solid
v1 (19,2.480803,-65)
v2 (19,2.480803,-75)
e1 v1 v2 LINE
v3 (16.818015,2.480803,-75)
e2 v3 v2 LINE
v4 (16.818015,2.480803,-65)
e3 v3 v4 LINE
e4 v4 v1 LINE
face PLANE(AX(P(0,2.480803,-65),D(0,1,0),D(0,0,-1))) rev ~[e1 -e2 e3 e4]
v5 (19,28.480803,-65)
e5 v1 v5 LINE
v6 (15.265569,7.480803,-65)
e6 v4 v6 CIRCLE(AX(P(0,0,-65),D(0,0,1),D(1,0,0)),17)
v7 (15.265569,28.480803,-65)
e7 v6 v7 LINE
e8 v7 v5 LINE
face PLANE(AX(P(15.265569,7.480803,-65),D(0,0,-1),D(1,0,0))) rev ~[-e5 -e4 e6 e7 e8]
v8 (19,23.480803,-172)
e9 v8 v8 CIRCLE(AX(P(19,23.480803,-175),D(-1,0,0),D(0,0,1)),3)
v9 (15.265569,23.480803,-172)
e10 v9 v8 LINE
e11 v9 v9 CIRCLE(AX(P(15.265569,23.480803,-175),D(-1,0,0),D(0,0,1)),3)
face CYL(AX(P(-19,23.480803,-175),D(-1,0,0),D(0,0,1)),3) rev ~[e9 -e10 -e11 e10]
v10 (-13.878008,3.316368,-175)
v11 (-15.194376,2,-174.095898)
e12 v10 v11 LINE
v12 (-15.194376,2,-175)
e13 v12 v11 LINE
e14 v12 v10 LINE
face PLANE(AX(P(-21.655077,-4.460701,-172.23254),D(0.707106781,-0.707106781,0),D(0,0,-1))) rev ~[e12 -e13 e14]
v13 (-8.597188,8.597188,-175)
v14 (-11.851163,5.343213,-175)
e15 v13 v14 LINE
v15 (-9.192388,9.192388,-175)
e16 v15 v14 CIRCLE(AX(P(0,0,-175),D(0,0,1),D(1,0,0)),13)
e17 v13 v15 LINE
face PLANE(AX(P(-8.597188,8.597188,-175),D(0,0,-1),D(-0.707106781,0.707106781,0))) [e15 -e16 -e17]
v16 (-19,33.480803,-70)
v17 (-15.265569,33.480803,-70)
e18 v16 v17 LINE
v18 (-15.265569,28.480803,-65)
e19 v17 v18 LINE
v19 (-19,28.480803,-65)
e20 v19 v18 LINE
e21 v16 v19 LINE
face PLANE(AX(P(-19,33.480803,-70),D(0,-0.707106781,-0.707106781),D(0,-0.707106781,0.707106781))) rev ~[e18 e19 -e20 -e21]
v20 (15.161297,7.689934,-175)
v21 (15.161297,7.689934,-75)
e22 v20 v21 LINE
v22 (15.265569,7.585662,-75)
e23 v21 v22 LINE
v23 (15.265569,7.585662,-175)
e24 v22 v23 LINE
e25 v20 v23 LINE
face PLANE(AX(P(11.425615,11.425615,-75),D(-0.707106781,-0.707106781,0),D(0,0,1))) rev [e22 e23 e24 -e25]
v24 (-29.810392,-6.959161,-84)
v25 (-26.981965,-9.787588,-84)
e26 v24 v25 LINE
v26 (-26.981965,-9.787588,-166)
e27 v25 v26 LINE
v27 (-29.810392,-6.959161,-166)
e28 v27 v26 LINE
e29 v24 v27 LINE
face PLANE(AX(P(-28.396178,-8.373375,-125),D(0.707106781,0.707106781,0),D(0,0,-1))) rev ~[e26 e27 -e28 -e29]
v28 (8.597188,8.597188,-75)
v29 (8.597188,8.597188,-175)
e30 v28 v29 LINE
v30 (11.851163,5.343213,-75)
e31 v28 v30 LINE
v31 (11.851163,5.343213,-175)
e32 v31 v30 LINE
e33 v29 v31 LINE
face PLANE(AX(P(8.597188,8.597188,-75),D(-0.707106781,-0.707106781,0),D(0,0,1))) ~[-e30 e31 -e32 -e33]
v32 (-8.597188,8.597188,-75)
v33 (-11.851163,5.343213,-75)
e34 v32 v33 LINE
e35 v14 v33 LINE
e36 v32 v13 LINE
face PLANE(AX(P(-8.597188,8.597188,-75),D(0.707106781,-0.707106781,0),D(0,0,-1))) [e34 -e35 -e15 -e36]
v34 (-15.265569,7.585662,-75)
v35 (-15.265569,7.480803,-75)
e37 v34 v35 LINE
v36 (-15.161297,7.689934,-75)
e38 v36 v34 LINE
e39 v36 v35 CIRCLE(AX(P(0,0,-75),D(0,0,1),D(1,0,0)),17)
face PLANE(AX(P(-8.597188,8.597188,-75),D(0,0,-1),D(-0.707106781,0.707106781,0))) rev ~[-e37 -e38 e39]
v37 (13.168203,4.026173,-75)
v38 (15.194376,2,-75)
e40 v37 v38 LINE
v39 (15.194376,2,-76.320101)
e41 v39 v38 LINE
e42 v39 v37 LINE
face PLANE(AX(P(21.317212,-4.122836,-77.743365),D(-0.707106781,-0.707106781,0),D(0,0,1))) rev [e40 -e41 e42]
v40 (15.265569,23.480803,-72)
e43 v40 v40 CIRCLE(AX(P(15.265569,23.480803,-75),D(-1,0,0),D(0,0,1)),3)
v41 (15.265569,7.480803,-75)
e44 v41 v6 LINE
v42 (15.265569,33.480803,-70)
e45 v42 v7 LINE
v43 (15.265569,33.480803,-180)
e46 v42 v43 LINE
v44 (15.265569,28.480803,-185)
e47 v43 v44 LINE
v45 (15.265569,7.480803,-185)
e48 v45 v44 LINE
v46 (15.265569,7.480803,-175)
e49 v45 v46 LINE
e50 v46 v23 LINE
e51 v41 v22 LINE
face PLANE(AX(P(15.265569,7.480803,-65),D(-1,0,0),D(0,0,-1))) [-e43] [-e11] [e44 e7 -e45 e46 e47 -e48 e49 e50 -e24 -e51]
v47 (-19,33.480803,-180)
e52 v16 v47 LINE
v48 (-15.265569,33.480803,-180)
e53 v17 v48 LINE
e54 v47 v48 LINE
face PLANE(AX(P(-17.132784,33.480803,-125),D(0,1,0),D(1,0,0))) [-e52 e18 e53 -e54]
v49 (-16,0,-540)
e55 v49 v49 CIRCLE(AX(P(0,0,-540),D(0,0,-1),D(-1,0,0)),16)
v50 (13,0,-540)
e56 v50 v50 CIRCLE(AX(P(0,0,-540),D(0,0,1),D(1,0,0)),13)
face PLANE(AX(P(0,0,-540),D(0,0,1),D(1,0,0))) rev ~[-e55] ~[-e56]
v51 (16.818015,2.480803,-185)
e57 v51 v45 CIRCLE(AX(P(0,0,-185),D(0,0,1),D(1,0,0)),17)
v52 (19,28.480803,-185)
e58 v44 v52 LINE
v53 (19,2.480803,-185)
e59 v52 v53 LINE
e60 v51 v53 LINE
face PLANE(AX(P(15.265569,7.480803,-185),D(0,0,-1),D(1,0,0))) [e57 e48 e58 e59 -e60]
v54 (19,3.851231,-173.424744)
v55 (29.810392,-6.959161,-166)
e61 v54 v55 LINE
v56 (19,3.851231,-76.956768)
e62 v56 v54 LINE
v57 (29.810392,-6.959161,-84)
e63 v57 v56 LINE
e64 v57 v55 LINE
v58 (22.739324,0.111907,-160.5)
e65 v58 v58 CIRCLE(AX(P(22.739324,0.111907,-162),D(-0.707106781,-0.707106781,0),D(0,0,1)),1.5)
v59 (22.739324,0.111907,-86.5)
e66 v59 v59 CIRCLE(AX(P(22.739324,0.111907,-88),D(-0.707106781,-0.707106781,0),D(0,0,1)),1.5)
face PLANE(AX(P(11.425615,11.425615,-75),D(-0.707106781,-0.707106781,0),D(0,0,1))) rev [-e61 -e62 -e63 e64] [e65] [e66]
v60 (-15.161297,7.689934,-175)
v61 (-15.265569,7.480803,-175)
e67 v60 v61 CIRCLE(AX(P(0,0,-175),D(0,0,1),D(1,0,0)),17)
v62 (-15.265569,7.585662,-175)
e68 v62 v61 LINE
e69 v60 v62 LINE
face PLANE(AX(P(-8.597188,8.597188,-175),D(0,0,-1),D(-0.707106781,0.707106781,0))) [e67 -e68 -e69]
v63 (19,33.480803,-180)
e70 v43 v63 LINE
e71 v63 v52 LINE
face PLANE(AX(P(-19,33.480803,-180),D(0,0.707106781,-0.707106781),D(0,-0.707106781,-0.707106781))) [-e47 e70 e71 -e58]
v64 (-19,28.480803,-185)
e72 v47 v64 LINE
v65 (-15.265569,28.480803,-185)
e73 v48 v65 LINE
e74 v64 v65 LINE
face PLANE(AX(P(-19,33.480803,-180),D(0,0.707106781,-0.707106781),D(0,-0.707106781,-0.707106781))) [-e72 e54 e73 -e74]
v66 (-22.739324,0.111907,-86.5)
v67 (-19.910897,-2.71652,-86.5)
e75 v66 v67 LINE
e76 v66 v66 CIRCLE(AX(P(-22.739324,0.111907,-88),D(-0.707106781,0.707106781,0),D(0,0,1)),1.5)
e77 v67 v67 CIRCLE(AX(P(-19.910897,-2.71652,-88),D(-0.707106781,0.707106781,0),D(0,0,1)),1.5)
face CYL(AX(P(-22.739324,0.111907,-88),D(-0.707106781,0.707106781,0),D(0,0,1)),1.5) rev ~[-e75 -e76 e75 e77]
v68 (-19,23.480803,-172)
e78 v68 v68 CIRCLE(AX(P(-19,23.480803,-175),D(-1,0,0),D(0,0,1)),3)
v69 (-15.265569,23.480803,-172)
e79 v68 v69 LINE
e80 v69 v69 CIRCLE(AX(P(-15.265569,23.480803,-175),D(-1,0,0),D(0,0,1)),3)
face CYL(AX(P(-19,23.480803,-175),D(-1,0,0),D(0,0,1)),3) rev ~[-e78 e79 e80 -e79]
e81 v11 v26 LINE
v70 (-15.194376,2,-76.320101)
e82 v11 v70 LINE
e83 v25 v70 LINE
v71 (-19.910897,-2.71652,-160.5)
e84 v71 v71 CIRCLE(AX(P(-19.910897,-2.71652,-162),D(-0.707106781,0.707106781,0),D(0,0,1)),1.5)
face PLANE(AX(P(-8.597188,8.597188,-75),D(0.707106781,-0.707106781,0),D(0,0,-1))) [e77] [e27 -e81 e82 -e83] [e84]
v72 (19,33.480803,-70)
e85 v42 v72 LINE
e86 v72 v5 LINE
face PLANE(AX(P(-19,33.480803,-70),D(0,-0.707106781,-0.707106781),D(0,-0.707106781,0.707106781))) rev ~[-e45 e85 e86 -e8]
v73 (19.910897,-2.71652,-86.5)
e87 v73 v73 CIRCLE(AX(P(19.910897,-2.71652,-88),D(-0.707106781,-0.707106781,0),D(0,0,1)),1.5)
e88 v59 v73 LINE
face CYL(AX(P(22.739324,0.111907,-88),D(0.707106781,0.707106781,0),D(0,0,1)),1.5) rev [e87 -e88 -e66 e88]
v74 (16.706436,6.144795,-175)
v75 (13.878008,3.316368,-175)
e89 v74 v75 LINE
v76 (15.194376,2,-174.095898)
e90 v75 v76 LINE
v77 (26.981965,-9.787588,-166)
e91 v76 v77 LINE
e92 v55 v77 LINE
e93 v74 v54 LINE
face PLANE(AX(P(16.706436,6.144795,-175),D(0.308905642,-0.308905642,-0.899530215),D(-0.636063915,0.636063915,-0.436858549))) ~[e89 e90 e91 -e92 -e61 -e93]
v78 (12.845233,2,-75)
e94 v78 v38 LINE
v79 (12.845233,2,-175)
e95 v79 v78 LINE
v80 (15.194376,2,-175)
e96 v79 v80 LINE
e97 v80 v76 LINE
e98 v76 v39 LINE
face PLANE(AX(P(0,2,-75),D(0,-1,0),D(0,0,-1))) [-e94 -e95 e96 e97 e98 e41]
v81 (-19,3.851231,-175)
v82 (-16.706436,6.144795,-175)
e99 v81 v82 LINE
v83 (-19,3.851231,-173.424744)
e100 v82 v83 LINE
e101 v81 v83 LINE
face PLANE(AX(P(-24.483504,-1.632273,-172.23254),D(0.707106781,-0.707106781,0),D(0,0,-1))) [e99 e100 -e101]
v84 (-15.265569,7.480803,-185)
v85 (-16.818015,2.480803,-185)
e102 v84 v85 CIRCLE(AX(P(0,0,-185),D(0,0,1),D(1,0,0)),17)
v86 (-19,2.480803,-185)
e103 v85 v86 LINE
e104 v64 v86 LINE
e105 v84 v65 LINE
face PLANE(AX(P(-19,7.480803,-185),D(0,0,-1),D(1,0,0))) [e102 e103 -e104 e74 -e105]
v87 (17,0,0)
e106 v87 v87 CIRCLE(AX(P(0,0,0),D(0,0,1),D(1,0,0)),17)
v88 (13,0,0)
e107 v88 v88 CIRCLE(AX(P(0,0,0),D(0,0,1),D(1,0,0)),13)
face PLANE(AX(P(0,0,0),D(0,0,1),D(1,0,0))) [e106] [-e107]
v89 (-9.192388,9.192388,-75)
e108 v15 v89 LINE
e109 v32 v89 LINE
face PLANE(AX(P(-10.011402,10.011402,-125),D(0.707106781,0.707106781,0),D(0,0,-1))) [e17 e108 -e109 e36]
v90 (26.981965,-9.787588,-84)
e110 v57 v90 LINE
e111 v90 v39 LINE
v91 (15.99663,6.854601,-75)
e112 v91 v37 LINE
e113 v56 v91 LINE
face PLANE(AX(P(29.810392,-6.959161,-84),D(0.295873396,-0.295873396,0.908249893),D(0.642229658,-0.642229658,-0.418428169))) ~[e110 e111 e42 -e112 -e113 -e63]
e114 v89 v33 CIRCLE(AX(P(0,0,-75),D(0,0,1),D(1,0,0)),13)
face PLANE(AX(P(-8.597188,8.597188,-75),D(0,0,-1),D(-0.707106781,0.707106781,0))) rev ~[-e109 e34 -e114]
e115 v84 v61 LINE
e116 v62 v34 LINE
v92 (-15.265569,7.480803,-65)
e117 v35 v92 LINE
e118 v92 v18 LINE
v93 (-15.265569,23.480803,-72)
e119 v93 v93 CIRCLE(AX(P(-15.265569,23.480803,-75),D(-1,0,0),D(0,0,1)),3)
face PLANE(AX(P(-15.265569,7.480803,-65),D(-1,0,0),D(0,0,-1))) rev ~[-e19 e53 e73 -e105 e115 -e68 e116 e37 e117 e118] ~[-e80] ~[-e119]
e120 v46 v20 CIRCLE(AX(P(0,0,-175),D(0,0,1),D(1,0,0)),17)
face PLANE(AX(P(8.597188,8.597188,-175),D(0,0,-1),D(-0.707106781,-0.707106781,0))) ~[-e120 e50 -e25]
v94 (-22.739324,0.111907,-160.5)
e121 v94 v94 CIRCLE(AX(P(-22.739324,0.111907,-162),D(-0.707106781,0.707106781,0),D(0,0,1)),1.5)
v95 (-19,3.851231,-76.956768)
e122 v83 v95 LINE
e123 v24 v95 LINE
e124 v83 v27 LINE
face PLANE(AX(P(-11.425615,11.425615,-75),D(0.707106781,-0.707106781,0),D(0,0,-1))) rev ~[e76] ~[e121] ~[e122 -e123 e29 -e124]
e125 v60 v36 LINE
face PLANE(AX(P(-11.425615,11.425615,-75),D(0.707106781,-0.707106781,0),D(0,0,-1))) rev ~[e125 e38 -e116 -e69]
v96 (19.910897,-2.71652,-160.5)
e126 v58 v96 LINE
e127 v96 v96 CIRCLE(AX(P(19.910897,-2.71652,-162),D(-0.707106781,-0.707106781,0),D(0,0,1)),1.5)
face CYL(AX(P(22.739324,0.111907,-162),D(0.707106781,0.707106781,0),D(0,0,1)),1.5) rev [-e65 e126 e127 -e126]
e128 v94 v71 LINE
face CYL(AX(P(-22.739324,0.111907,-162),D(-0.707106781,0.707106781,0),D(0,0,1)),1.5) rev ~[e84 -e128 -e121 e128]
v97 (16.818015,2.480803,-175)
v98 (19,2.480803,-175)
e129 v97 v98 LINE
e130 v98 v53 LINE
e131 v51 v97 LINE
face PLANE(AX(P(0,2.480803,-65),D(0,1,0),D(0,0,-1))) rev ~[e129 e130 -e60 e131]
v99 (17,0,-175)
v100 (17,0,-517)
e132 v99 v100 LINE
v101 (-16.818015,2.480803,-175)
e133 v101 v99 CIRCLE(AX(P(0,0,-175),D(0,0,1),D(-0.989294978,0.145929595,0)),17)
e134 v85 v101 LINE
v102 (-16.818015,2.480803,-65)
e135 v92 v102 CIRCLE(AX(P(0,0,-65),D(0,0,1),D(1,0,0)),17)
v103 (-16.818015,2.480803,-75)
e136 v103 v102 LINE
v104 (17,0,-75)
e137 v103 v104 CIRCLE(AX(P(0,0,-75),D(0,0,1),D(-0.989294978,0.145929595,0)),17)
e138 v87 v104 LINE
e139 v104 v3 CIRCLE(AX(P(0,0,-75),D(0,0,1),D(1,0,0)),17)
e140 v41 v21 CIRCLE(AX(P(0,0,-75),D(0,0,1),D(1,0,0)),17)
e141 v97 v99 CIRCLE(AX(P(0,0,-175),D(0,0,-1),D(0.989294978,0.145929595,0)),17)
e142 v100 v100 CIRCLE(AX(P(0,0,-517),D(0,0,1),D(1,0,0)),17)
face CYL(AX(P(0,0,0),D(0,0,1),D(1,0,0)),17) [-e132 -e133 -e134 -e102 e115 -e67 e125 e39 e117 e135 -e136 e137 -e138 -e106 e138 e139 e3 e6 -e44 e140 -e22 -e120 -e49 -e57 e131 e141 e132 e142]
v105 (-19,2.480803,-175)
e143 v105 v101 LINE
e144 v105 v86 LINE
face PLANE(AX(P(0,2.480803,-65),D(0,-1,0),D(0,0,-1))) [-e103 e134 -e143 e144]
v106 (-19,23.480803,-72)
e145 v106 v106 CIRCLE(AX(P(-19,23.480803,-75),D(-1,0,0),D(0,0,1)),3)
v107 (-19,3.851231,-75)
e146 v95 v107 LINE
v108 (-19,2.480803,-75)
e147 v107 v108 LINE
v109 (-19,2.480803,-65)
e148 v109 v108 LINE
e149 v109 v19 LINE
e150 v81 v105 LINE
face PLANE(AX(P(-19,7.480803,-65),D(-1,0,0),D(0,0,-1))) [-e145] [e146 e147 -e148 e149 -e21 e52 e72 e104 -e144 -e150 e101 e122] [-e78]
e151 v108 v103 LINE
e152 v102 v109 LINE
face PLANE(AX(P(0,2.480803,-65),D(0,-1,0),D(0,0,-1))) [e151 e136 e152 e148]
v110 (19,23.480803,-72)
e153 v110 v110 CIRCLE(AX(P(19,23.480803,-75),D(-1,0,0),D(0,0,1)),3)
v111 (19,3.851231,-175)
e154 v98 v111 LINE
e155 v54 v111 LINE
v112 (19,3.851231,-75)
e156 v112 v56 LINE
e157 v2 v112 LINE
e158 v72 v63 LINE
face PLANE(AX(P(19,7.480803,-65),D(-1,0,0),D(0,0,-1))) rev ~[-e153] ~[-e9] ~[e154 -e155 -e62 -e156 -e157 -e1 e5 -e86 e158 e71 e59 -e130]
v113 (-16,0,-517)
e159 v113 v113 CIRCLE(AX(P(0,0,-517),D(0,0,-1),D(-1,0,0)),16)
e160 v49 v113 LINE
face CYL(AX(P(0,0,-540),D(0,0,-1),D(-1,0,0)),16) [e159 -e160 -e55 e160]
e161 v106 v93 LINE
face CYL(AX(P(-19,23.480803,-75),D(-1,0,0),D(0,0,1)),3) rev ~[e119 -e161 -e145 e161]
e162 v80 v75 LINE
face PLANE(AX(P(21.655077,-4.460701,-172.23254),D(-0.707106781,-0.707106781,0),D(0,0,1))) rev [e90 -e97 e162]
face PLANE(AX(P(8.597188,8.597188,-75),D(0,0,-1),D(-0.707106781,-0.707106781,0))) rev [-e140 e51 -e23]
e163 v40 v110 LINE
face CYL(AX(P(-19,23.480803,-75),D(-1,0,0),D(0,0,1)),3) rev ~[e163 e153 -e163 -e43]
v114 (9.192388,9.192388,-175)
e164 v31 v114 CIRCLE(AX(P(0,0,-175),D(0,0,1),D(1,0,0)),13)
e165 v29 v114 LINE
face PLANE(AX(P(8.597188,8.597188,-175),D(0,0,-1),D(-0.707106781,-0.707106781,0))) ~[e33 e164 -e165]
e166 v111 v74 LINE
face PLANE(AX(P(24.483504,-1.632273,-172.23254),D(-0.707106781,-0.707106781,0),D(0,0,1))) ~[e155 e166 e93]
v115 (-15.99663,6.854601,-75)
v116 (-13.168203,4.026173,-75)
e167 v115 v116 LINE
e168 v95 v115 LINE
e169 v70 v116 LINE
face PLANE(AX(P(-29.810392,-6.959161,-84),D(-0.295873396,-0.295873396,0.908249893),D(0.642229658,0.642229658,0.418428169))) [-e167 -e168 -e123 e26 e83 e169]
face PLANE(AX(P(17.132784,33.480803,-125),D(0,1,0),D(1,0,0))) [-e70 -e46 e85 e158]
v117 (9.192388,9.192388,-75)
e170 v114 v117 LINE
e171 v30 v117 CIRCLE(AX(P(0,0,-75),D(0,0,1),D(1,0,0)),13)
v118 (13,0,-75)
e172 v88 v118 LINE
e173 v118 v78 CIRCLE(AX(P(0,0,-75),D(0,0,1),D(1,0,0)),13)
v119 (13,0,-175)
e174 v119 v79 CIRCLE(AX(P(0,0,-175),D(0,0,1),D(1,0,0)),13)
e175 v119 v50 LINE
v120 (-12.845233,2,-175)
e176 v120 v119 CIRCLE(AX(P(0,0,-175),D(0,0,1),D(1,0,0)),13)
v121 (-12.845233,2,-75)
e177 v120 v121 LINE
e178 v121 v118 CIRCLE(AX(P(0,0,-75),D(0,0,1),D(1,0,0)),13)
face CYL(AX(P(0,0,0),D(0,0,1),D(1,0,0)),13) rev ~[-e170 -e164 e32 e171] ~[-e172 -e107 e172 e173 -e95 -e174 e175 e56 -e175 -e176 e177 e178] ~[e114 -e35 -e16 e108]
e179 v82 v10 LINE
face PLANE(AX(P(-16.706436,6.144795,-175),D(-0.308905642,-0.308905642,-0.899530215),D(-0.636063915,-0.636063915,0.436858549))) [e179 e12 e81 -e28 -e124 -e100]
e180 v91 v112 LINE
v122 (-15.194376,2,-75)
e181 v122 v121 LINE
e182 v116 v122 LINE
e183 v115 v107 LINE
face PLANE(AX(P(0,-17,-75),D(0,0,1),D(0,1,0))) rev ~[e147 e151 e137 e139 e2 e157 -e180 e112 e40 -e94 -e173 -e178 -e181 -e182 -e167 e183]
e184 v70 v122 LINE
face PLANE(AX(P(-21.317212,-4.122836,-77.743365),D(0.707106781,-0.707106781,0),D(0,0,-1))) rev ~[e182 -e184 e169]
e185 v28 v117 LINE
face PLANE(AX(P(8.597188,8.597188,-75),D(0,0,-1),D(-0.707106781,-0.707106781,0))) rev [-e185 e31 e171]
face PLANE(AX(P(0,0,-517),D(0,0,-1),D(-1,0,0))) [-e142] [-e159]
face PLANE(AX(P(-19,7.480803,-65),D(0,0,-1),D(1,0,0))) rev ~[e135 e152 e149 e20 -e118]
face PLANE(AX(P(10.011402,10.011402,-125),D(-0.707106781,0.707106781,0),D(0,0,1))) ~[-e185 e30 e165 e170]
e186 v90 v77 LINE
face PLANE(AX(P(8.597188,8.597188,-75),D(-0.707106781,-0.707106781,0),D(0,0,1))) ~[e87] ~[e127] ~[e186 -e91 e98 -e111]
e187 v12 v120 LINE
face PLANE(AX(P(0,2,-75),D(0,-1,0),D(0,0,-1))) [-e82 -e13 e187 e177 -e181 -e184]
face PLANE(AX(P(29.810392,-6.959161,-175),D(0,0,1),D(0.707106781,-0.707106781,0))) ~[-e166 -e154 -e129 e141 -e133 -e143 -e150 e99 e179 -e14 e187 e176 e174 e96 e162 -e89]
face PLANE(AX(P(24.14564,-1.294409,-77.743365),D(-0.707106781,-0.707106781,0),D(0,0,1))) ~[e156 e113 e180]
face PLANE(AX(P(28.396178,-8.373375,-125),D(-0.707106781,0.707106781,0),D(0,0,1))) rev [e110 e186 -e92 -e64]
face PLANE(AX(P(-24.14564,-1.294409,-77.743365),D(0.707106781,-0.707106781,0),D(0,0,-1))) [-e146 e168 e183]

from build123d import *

# Parameters (mm, degrees)
SKETCH1_R                              = 17
OUTER_BARREL_CREATION_DEPTH            = 540
SKETCH4_W                              = 100
SKETCH4_H                              = 19
SCREW_INTAKE_EXTRUDE_DEPTH             = 18
SCREW_INTAKE_EXTRUDE_DEPTH_BACK        = 18
SKETCH6_W                              = 120
SKETCH6_H                              = 5
PARALLEL_FIN_SIDE_EXTRUSION_DEPTH      = 19
PARALLEL_FIN_SIDE_EXTRUSION_DEPTH_BACK = 19
SKETCH7_W                              = 3.734431396
SKETCH7_H                              = 120
PARALLEL_FIN_HEIGHT_SIDE_1_DEPTH       = 26
SKETCH8_W                              = 3.734431396
SKETCH8_H                              = 120
PARALLEL_FIN_HEIGHT_SIDE_2_DEPTH       = 26
SKETCH9_R                              = 3
PARALLEL_FIN_DETAILS_DEPTH             = 39
SKETCH2_R                              = 13
INNER_BARREL_EXTRUSION_DEPTH           = 541
SKETCH11_W                             = 100
SKETCH11_H                             = 4
BOSS_EXTRUDE6_DEPTH                    = 26
SKETCH12_R                             = 1.5
CUT_EXTRUDE5_DEPTH                     = 4
SKETCH13_R                             = 27.099065824
SKETCH13_R_2                           = 16
CUT_EXTRUDE8_DEPTH                     = 23


with BuildPart() as part:
    # Sketch1 → Outer Barrel Creation (new body)
    with BuildSketch(Plane.XY):
        Circle(SKETCH1_R)
    extrude(amount=-OUTER_BARREL_CREATION_DEPTH)

    # Sketch4 → Screw Intake Extrude (cut, two sides)
    with BuildSketch(Plane(origin=(0, 0, 0), x_dir=(0, 0, -1), z_dir=(1, 0, 0))) as screw_intake_extrude_sk:
        with Locations((125, -7.5)):
            Rectangle(SKETCH4_W, SKETCH4_H)
    extrude(amount=SCREW_INTAKE_EXTRUDE_DEPTH, mode=Mode.SUBTRACT)
    extrude(screw_intake_extrude_sk.sketch, amount=-SCREW_INTAKE_EXTRUDE_DEPTH_BACK, mode=Mode.SUBTRACT)

    # Sketch6 → Parallel Fin Side Extrusion (add, two sides)
    with BuildSketch(Plane(origin=(0, 0, 0), x_dir=(0, 0, -1), z_dir=(1, 0, 0))) as parallel_fin_side_extrusion_sk:
        with Locations((125, 4.980803112)):
            Rectangle(SKETCH6_W, SKETCH6_H)
    extrude(amount=PARALLEL_FIN_SIDE_EXTRUSION_DEPTH)
    extrude(parallel_fin_side_extrusion_sk.sketch, amount=-PARALLEL_FIN_SIDE_EXTRUSION_DEPTH_BACK)

    # Sketch7 → Parallel Fin Height Side 1 (add)
    with BuildSketch(Plane(origin=(0, 7.480803112, 0), x_dir=(1, 0, 0), z_dir=(0, 1, 0))):
        with Locations((17.132784302, 125)):
            Rectangle(SKETCH7_W, SKETCH7_H)
    extrude(amount=PARALLEL_FIN_HEIGHT_SIDE_1_DEPTH)

    # Sketch8 → Parallel Fin Height Side 2 (add)
    with BuildSketch(Plane(origin=(0, 7.480803112, 0), x_dir=(1, 0, 0), z_dir=(0, 1, 0))):
        with Locations((-17.132784302, 125)):
            Rectangle(SKETCH8_W, SKETCH8_H)
    extrude(amount=PARALLEL_FIN_HEIGHT_SIDE_2_DEPTH)

    # Sketch9 → Parallel Fin Details (cut, through all)
    with BuildSketch(Plane.ZY.offset(19)):
        with Locations((-175, 23.480803112)):
            Circle(SKETCH9_R)
        with Locations((-75, 23.480803112)):
            Circle(SKETCH9_R)
        Polygon((-180, 33.480803112), (-185, 28.480803112), (-185, 33.480803112), align=None)
        Polygon((-70, 33.480803112), (-65, 28.480803112), (-65, 33.480803112), align=None)
    extrude(amount=-PARALLEL_FIN_DETAILS_DEPTH, mode=Mode.SUBTRACT)

    # Sketch2 → Inner Barrel Extrusion (cut, through all)
    with BuildSketch(Plane.XY):
        Circle(SKETCH2_R)
    extrude(amount=-INNER_BARREL_EXTRUSION_DEPTH, mode=Mode.SUBTRACT)

    # Sketch11 → Boss-Extrude6 (add)
    with BuildSketch(Plane(origin=(0, 0, 0), x_dir=(0, 0, -1), z_dir=(0.707106781, 0.707106781, 0))):
        with Locations((125, 14.15826017)):
            Rectangle(SKETCH11_W, SKETCH11_H)
    boss_extrude6 = extrude(amount=-BOSS_EXTRUDE6_DEPTH)

    # Sketch12 → Cut-Extrude5 (cut)
    with BuildSketch(Plane(origin=(-11.425615339, 11.425615339, 0), x_dir=(0, 0, 1), z_dir=(-0.707106781, 0.707106781, 0))):
        with Locations((-162, -16)):
            Circle(SKETCH12_R)
        with Locations((-88, -16)):
            Circle(SKETCH12_R)
        Polygon((-175, -7.468207578), (-166, -26), (-175, -26), align=None)
        Polygon((-75, -6.46439117), (-75, -26), (-84, -26), align=None)
    cut_extrude5 = extrude(amount=-CUT_EXTRUDE5_DEPTH, mode=Mode.SUBTRACT)

    # Mirror2: Boss-Extrude6, Cut-Extrude5 across plane
    add(boss_extrude6.mirror(Plane(origin=(0, 0, 0), x_dir=(0, 0, 1), z_dir=(1, 0, 0))))
    add(cut_extrude5.mirror(Plane(origin=(0, 0, 0), x_dir=(0, 0, 1), z_dir=(1, 0, 0))), mode=Mode.SUBTRACT)

    # Sketch13 → Cut-Extrude8 (cut)
    with BuildSketch(Plane(origin=(0, 0, -540), x_dir=(-1, 0, 0), z_dir=(0, 0, -1))):
        Circle(SKETCH13_R)
        Circle(SKETCH13_R_2, mode=Mode.SUBTRACT)
    extrude(amount=-CUT_EXTRUDE8_DEPTH, mode=Mode.SUBTRACT)


solid = part.part
